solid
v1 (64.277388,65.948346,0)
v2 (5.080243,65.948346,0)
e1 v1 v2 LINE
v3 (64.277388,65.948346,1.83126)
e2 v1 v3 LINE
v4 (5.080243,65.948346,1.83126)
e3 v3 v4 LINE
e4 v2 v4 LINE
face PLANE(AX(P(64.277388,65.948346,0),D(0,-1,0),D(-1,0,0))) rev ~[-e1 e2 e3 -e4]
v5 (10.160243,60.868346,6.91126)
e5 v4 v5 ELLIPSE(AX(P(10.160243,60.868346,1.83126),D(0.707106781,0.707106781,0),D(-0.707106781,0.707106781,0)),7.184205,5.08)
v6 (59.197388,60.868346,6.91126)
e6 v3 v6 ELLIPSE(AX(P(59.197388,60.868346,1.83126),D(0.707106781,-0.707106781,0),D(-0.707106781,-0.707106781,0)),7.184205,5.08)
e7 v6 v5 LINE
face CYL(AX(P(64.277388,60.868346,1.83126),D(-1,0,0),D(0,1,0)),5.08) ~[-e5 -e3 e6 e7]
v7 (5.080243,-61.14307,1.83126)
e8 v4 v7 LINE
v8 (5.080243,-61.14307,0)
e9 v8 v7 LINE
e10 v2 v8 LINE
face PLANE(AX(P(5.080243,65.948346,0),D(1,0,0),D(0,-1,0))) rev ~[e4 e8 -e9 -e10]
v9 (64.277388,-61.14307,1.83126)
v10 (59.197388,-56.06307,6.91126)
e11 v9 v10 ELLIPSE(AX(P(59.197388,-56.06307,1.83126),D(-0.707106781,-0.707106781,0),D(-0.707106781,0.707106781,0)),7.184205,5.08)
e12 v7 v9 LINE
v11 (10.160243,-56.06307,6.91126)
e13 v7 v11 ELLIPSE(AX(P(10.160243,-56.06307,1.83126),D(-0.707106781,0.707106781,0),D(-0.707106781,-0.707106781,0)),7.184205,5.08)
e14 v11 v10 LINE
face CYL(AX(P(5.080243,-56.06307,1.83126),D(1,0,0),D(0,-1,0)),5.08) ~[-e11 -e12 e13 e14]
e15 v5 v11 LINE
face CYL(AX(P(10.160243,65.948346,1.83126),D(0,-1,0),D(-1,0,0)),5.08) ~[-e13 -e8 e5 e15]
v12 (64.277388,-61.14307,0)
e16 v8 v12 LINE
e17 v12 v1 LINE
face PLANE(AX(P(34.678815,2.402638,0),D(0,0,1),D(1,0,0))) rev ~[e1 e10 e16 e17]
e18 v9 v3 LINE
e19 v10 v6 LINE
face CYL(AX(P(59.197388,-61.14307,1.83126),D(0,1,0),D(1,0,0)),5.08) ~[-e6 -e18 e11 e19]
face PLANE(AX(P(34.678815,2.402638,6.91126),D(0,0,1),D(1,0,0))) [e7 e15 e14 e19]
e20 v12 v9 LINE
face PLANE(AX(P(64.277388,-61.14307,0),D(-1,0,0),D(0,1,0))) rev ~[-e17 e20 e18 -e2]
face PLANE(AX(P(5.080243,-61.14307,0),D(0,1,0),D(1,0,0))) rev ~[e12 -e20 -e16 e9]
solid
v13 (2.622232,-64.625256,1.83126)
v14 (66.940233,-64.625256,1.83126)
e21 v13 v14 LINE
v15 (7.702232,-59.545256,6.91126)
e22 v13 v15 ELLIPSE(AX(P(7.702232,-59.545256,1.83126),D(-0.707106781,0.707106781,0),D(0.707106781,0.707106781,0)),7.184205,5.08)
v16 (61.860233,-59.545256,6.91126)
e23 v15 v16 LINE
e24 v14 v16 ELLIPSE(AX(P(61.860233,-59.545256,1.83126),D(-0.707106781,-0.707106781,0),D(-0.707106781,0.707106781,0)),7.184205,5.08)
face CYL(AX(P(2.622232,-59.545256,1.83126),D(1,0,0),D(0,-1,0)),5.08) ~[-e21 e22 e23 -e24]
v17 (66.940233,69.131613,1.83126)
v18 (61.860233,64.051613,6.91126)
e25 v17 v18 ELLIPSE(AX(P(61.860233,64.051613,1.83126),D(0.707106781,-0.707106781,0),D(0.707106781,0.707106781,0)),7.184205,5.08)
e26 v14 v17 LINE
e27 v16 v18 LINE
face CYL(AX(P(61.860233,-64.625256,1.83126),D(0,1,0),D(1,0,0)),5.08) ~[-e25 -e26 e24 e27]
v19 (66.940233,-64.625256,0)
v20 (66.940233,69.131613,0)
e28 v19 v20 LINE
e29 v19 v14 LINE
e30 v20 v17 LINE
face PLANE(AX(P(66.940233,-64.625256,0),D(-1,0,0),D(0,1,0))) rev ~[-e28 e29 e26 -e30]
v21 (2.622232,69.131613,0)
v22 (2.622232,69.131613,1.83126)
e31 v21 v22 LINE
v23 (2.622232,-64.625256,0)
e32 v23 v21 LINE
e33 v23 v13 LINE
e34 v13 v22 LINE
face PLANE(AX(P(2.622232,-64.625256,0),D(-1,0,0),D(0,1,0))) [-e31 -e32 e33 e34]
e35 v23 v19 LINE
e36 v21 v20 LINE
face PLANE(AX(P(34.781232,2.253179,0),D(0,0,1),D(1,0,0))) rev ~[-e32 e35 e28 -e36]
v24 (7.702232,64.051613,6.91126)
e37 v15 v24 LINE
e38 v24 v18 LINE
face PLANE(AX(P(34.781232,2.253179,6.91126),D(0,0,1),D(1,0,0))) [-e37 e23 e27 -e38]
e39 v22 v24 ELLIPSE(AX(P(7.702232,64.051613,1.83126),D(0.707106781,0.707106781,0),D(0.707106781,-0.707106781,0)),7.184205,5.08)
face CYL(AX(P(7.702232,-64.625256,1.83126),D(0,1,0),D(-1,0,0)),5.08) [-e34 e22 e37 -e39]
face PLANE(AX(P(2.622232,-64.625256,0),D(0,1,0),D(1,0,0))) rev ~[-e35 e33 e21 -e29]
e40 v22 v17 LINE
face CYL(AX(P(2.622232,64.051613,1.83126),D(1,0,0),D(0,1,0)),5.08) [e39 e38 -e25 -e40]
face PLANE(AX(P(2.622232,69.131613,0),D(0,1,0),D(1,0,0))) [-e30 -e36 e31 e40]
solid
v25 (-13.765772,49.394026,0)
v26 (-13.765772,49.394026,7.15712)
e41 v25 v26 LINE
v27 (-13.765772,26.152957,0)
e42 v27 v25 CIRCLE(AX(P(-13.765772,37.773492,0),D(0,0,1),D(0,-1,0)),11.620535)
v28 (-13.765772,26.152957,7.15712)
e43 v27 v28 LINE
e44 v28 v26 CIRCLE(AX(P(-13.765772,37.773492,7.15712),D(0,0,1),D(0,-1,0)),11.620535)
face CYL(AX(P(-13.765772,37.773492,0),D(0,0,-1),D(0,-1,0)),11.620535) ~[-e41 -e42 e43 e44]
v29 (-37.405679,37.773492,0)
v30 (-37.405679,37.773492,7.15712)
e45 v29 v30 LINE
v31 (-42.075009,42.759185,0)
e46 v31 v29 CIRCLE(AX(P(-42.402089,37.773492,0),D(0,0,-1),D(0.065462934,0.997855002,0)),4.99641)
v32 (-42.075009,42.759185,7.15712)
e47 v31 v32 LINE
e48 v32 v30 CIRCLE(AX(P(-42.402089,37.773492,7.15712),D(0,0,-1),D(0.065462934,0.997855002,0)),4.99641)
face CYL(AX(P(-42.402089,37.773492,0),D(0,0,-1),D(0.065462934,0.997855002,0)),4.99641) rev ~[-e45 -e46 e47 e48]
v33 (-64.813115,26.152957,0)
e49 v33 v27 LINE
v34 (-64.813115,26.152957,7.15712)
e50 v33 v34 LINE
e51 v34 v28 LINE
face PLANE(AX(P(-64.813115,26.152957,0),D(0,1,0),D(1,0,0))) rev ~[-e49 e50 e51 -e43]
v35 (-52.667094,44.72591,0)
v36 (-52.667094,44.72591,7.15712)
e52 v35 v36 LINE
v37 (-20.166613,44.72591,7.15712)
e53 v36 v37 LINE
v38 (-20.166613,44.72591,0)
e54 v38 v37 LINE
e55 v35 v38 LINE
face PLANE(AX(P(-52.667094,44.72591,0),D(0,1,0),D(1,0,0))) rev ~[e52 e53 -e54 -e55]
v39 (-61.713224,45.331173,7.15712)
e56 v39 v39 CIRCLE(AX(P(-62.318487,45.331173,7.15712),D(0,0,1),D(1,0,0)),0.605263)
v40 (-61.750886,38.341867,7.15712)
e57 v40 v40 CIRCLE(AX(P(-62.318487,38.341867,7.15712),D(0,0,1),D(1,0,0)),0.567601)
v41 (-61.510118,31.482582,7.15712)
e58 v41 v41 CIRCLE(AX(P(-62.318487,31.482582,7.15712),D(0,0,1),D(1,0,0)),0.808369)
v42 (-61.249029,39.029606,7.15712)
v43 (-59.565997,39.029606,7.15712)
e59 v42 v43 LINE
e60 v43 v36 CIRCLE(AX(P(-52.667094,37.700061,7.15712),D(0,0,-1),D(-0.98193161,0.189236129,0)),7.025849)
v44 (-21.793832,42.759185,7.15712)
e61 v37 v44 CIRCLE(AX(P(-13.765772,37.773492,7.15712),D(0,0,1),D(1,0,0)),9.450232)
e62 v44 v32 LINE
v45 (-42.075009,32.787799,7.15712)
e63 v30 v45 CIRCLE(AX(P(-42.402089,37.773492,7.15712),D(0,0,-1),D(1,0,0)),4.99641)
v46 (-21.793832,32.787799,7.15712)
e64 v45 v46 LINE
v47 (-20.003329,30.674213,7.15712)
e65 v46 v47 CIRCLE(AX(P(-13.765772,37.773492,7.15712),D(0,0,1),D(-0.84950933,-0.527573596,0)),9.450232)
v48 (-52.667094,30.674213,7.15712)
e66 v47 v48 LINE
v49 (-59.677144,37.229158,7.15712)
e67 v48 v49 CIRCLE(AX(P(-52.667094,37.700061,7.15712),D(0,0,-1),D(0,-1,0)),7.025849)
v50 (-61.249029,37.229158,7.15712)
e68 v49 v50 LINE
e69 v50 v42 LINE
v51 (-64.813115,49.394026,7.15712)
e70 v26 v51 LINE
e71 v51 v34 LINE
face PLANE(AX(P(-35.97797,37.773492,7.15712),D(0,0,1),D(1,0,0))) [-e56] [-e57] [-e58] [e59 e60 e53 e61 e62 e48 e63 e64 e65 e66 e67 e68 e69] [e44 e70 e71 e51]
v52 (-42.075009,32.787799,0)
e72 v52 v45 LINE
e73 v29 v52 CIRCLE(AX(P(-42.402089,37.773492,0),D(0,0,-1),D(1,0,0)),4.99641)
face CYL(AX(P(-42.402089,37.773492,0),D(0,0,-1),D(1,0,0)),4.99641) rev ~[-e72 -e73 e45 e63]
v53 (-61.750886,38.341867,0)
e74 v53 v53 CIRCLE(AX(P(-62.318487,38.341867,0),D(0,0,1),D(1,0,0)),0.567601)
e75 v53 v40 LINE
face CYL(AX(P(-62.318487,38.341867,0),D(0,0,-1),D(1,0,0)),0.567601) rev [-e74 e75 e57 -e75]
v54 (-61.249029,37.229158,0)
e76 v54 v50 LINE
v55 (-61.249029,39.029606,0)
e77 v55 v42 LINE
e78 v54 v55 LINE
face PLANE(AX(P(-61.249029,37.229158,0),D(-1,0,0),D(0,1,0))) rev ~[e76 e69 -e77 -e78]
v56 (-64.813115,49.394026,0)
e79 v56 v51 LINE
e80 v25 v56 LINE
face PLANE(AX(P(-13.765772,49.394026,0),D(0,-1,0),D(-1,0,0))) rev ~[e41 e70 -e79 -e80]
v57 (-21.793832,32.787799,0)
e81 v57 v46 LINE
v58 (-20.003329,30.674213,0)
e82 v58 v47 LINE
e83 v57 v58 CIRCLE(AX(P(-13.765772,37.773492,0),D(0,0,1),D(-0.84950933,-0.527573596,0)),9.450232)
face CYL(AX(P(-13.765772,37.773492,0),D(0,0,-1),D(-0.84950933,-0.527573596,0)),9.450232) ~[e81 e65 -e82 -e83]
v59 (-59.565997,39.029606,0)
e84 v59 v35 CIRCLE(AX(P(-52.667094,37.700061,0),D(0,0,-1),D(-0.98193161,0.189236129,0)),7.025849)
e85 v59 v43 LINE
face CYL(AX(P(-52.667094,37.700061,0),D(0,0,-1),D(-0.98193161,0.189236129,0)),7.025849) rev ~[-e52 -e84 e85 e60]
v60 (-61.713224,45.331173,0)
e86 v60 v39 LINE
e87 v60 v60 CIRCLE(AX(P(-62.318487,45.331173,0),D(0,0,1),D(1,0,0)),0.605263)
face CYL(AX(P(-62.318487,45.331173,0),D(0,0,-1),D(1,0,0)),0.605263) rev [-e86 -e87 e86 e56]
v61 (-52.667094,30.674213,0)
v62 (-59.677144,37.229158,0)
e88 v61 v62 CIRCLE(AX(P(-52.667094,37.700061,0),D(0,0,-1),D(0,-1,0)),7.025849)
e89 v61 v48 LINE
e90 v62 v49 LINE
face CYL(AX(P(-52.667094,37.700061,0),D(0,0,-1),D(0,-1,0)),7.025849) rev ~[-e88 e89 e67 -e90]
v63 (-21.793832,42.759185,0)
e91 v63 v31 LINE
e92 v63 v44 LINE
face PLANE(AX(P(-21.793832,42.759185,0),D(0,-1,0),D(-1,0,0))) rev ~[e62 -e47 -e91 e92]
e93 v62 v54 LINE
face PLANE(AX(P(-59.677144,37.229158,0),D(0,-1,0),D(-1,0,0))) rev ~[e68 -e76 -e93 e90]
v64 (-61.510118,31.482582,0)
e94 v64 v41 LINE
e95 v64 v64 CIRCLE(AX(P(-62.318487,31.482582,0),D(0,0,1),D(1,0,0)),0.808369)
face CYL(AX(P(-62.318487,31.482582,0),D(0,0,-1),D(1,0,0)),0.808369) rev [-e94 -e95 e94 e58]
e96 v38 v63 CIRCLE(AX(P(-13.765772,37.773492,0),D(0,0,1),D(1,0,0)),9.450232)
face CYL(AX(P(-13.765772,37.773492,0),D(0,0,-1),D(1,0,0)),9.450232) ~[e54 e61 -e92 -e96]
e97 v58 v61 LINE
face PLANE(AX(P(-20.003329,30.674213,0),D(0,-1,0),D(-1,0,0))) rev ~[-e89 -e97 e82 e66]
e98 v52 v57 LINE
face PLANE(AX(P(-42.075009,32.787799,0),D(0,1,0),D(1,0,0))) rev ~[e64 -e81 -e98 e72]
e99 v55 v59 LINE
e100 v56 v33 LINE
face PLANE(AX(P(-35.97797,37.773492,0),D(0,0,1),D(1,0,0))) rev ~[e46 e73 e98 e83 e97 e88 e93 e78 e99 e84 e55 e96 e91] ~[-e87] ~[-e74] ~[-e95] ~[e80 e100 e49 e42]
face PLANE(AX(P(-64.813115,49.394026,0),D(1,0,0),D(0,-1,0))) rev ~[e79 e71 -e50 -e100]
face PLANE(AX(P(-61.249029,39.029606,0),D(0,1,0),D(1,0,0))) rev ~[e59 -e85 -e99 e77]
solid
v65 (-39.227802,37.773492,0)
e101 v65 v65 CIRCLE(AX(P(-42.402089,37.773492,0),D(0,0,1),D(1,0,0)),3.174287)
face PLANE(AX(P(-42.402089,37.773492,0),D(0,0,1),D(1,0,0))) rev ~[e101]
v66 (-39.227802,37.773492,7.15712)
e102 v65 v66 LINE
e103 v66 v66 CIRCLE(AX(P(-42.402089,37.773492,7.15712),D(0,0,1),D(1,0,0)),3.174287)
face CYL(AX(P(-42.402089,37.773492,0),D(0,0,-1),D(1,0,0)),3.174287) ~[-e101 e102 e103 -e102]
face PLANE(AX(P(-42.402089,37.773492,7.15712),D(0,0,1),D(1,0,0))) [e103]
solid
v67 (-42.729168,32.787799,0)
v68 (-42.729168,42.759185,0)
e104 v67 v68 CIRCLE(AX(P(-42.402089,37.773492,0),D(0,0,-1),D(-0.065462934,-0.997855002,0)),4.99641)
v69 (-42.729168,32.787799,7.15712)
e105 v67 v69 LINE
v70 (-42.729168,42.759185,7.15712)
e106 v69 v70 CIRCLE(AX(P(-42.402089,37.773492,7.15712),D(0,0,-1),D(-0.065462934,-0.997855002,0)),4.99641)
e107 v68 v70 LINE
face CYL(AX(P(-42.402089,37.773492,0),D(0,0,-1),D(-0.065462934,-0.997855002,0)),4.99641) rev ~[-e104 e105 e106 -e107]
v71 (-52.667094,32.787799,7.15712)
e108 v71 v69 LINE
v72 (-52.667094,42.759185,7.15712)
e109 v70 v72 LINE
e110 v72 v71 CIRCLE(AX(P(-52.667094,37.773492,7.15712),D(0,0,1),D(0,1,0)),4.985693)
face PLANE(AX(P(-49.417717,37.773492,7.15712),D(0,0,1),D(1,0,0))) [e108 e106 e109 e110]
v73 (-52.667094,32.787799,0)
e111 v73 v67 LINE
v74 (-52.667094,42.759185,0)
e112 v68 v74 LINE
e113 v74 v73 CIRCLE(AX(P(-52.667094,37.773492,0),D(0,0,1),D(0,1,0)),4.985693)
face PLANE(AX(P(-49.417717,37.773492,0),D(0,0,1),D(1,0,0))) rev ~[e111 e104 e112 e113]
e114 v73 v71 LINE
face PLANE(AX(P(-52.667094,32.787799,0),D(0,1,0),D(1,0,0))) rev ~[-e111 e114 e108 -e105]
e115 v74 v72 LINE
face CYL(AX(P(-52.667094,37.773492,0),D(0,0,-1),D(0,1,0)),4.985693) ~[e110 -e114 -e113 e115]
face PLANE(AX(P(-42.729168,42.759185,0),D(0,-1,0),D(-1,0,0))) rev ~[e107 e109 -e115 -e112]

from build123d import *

# Parameters (mm, degrees)
F0_R     = 7.2628338821
F0_R_2   = 0.8083693683
F0_R_3   = 0.5676010392
F0_R_4   = 0.605262816
F1_DEPTH = 7.15712
F0_R_5   = 3.1742869667
F4_DEPTH = 6.91126
F3_W     = 64.3180012703
F3_H     = 133.7568685412
F5_R     = 5.08
F5_2_R   = 5.08


with BuildPart() as f1:
    # F0 (on Top) → F1 (new body)
    with BuildSketch(Plane.XY):
        with BuildLine():
            ThreePointArc((-13.7657718733, 26.1529572308), (-2.1452372894, 37.7734918147), (-13.7657718733, 49.3940263987))
            Line((-13.7657718733, 49.3940263987), (-64.8131147027, 49.3940263987))
            Line((-64.8131147027, 49.3940263987), (-64.8131147027, 26.1529572308))
            Line((-64.8131147027, 26.1529572308), (-13.7657718733, 26.1529572308))
        make_face()
        with BuildLine():
            ThreePointArc((-20.1666126741, 44.7259098291), (-9.9698891989, 46.4278637692), (-4.3155401722, 37.7734918147))
            ThreePointArc((-4.3155401722, 37.7734918147), (-9.8695864973, 29.1638101296), (-20.0033288032, 30.6742127844))
            Line((-20.0033288032, 30.6742127844), (-42.7291683002, 30.6742127844))
            Line((-42.7291683002, 30.6742127844), (-52.6670942683, 30.6742127844))
            ThreePointArc((-52.6670942683, 30.6742127844), (-57.4657426221, 32.568246673), (-59.6771440199, 37.2291579843))
            Line((-59.6771440199, 37.2291579843), (-61.2490288913, 37.2291579843))
            Line((-61.2490288913, 37.2291579843), (-61.2490288913, 30.6505970657))
            ThreePointArc((-61.2490288913, 30.6505970657), (-62.3184870929, 29.5811388642), (-63.3879452944, 30.6505970657))
            Line((-63.3879452944, 30.6505970657), (-63.3879452944, 46.0331365466))
            ThreePointArc((-63.3879452944, 46.0331365466), (-62.3184870929, 47.1025947481), (-61.2490288913, 46.0331365466))
            Line((-61.2490288913, 46.0331365466), (-61.2490288913, 39.0296056867))
            Line((-61.2490288913, 39.0296056867), (-59.5659970217, 39.0296056867))
            ThreePointArc((-59.5659970217, 39.0296056867), (-57.1404246855, 43.1177972212), (-52.6670942683, 44.7259098291))
            Line((-52.6670942683, 44.7259098291), (-42.7291683002, 44.7259098291))
            Line((-42.7291683002, 44.7259098291), (-20.1666126741, 44.7259098291))
        make_face(mode=Mode.SUBTRACT)
        with BuildLine():
            ThreePointArc((-20.0033288032, 30.6742127844), (-9.8695864973, 29.1638101296), (-4.3155401722, 37.7734918147))
            ThreePointArc((-4.3155401722, 37.7734918147), (-9.9698891989, 46.4278637692), (-20.1666126741, 44.7259098291))
            ThreePointArc((-20.1666126741, 44.7259098291), (-21.0469322653, 43.7977413572), (-21.7938318702, 42.759184534))
            ThreePointArc((-21.7938318702, 42.759184534), (-23.2160035744, 37.7734918147), (-21.7938318702, 32.7877990955))
            ThreePointArc((-21.7938318702, 32.7877990955), (-20.976442324, 31.6650459523), (-20.0033288032, 30.6742127844))
        make_face()
        with Locations((-13.7657718733, 37.7734918147)):
            Circle(F0_R, mode=Mode.SUBTRACT)
        with Locations((-13.7657718733, 37.7734918147)):
            Circle(F0_R)
        with BuildLine():
            ThreePointArc((-21.7938318702, 32.7877990955), (-23.2160035744, 37.7734918147), (-21.7938318702, 42.759184534))
            Line((-21.7938318702, 42.759184534), (-42.0750089841, 42.759184534))
            ThreePointArc((-42.0750089841, 42.759184534), (-38.7552861337, 41.1888899552), (-37.4056786316, 37.7734918147))
            ThreePointArc((-37.4056786316, 37.7734918147), (-38.7552861337, 34.3580936743), (-42.0750089841, 32.7877990955))
            Line((-42.0750089841, 32.7877990955), (-21.7938318702, 32.7877990955))
        make_face()
        with BuildLine():
            Line((-61.2490288913, 37.2291579843), (-61.2490288913, 39.0296056867))
            Line((-61.2490288913, 39.0296056867), (-61.2490288913, 46.0331365466))
            ThreePointArc((-61.2490288913, 46.0331365466), (-62.3184870929, 47.1025947481), (-63.3879452944, 46.0331365466))
            Line((-63.3879452944, 46.0331365466), (-63.3879452944, 30.6505970657))
            ThreePointArc((-63.3879452944, 30.6505970657), (-62.3184870929, 29.5811388642), (-61.2490288913, 30.6505970657))
            Line((-61.2490288913, 30.6505970657), (-61.2490288913, 37.2291579843))
        make_face()
        with Locations((-62.3184870929, 31.4825821528)):
            Circle(F0_R_2, mode=Mode.SUBTRACT)
        with Locations((-62.3184870929, 38.3418668061)):
            Circle(F0_R_3, mode=Mode.SUBTRACT)
        with Locations((-62.3184870929, 45.3311726451)):
            Circle(F0_R_4, mode=Mode.SUBTRACT)
    extrude(amount=F1_DEPTH)


with BuildPart() as f1b:
    # F0 (on Top) → F1, piece 2 (new body)
    with BuildSketch(Plane.XY):
        with Locations((-42.4020886421, 37.7734918147)):
            Circle(F0_R_5)
    extrude(amount=F1_DEPTH)


with BuildPart() as f1c:
    # F0 (on Top) → F1, piece 3 (new body)
    with BuildSketch(Plane.XY):
        with BuildLine():
            ThreePointArc((-42.7291683002, 32.7877990955), (-47.3984986526, 37.7734918147), (-42.7291683002, 42.759184534))
            Line((-42.7291683002, 42.759184534), (-52.6670942683, 42.759184534))
            ThreePointArc((-52.6670942683, 42.759184534), (-57.6527869875, 37.7734918147), (-52.6670942683, 32.7877990955))
            Line((-52.6670942683, 32.7877990955), (-42.7291683002, 32.7877990955))
        make_face()
    extrude(amount=F1_DEPTH)


with BuildPart() as f4:
    # F2 (on Top) → F4 (new body)
    with BuildSketch(Plane.XY):
        Polygon((33.9215472341, 65.9483455345), (5.0802426413, 65.9483455345), (5.0802426413, -61.1430704594), (64.2773881555, -61.1430704594), (64.2773881555, 65.9483455345), align=None)
    extrude(amount=F4_DEPTH)

    # F5#2
    f5_2_edges = [f4.edges().sort_by_distance(p)[0] for p in [
        (34.678815, 65.948346, 6.91126),
        (64.277388, 2.402638, 6.91126),
        (5.080243, 2.402638, 6.91126),
        (34.678815, -61.14307, 6.91126),
    ]]
    fillet(f5_2_edges, radius=F5_2_R)


with BuildPart() as f4b:
    # F3 (on Top) → F4, piece 2 (new body)
    with BuildSketch(Plane.XY):
        with Locations((34.7812324762, 2.2531785071)):
            Rectangle(F3_W, F3_H)
    extrude(amount=F4_DEPTH)

    # F5
    f5_edges = [f4b.edges().sort_by_distance(p)[0] for p in [
        (34.781232, 69.131613, 6.91126),
        (66.940233, 2.253179, 6.91126),
        (2.622232, 2.253179, 6.91126),
        (34.781232, -64.625256, 6.91126),
    ]]
    fillet(f5_edges, radius=F5_R)


solid = Compound([f1.part, f1b.part, f1c.part, f4.part, f4b.part])
